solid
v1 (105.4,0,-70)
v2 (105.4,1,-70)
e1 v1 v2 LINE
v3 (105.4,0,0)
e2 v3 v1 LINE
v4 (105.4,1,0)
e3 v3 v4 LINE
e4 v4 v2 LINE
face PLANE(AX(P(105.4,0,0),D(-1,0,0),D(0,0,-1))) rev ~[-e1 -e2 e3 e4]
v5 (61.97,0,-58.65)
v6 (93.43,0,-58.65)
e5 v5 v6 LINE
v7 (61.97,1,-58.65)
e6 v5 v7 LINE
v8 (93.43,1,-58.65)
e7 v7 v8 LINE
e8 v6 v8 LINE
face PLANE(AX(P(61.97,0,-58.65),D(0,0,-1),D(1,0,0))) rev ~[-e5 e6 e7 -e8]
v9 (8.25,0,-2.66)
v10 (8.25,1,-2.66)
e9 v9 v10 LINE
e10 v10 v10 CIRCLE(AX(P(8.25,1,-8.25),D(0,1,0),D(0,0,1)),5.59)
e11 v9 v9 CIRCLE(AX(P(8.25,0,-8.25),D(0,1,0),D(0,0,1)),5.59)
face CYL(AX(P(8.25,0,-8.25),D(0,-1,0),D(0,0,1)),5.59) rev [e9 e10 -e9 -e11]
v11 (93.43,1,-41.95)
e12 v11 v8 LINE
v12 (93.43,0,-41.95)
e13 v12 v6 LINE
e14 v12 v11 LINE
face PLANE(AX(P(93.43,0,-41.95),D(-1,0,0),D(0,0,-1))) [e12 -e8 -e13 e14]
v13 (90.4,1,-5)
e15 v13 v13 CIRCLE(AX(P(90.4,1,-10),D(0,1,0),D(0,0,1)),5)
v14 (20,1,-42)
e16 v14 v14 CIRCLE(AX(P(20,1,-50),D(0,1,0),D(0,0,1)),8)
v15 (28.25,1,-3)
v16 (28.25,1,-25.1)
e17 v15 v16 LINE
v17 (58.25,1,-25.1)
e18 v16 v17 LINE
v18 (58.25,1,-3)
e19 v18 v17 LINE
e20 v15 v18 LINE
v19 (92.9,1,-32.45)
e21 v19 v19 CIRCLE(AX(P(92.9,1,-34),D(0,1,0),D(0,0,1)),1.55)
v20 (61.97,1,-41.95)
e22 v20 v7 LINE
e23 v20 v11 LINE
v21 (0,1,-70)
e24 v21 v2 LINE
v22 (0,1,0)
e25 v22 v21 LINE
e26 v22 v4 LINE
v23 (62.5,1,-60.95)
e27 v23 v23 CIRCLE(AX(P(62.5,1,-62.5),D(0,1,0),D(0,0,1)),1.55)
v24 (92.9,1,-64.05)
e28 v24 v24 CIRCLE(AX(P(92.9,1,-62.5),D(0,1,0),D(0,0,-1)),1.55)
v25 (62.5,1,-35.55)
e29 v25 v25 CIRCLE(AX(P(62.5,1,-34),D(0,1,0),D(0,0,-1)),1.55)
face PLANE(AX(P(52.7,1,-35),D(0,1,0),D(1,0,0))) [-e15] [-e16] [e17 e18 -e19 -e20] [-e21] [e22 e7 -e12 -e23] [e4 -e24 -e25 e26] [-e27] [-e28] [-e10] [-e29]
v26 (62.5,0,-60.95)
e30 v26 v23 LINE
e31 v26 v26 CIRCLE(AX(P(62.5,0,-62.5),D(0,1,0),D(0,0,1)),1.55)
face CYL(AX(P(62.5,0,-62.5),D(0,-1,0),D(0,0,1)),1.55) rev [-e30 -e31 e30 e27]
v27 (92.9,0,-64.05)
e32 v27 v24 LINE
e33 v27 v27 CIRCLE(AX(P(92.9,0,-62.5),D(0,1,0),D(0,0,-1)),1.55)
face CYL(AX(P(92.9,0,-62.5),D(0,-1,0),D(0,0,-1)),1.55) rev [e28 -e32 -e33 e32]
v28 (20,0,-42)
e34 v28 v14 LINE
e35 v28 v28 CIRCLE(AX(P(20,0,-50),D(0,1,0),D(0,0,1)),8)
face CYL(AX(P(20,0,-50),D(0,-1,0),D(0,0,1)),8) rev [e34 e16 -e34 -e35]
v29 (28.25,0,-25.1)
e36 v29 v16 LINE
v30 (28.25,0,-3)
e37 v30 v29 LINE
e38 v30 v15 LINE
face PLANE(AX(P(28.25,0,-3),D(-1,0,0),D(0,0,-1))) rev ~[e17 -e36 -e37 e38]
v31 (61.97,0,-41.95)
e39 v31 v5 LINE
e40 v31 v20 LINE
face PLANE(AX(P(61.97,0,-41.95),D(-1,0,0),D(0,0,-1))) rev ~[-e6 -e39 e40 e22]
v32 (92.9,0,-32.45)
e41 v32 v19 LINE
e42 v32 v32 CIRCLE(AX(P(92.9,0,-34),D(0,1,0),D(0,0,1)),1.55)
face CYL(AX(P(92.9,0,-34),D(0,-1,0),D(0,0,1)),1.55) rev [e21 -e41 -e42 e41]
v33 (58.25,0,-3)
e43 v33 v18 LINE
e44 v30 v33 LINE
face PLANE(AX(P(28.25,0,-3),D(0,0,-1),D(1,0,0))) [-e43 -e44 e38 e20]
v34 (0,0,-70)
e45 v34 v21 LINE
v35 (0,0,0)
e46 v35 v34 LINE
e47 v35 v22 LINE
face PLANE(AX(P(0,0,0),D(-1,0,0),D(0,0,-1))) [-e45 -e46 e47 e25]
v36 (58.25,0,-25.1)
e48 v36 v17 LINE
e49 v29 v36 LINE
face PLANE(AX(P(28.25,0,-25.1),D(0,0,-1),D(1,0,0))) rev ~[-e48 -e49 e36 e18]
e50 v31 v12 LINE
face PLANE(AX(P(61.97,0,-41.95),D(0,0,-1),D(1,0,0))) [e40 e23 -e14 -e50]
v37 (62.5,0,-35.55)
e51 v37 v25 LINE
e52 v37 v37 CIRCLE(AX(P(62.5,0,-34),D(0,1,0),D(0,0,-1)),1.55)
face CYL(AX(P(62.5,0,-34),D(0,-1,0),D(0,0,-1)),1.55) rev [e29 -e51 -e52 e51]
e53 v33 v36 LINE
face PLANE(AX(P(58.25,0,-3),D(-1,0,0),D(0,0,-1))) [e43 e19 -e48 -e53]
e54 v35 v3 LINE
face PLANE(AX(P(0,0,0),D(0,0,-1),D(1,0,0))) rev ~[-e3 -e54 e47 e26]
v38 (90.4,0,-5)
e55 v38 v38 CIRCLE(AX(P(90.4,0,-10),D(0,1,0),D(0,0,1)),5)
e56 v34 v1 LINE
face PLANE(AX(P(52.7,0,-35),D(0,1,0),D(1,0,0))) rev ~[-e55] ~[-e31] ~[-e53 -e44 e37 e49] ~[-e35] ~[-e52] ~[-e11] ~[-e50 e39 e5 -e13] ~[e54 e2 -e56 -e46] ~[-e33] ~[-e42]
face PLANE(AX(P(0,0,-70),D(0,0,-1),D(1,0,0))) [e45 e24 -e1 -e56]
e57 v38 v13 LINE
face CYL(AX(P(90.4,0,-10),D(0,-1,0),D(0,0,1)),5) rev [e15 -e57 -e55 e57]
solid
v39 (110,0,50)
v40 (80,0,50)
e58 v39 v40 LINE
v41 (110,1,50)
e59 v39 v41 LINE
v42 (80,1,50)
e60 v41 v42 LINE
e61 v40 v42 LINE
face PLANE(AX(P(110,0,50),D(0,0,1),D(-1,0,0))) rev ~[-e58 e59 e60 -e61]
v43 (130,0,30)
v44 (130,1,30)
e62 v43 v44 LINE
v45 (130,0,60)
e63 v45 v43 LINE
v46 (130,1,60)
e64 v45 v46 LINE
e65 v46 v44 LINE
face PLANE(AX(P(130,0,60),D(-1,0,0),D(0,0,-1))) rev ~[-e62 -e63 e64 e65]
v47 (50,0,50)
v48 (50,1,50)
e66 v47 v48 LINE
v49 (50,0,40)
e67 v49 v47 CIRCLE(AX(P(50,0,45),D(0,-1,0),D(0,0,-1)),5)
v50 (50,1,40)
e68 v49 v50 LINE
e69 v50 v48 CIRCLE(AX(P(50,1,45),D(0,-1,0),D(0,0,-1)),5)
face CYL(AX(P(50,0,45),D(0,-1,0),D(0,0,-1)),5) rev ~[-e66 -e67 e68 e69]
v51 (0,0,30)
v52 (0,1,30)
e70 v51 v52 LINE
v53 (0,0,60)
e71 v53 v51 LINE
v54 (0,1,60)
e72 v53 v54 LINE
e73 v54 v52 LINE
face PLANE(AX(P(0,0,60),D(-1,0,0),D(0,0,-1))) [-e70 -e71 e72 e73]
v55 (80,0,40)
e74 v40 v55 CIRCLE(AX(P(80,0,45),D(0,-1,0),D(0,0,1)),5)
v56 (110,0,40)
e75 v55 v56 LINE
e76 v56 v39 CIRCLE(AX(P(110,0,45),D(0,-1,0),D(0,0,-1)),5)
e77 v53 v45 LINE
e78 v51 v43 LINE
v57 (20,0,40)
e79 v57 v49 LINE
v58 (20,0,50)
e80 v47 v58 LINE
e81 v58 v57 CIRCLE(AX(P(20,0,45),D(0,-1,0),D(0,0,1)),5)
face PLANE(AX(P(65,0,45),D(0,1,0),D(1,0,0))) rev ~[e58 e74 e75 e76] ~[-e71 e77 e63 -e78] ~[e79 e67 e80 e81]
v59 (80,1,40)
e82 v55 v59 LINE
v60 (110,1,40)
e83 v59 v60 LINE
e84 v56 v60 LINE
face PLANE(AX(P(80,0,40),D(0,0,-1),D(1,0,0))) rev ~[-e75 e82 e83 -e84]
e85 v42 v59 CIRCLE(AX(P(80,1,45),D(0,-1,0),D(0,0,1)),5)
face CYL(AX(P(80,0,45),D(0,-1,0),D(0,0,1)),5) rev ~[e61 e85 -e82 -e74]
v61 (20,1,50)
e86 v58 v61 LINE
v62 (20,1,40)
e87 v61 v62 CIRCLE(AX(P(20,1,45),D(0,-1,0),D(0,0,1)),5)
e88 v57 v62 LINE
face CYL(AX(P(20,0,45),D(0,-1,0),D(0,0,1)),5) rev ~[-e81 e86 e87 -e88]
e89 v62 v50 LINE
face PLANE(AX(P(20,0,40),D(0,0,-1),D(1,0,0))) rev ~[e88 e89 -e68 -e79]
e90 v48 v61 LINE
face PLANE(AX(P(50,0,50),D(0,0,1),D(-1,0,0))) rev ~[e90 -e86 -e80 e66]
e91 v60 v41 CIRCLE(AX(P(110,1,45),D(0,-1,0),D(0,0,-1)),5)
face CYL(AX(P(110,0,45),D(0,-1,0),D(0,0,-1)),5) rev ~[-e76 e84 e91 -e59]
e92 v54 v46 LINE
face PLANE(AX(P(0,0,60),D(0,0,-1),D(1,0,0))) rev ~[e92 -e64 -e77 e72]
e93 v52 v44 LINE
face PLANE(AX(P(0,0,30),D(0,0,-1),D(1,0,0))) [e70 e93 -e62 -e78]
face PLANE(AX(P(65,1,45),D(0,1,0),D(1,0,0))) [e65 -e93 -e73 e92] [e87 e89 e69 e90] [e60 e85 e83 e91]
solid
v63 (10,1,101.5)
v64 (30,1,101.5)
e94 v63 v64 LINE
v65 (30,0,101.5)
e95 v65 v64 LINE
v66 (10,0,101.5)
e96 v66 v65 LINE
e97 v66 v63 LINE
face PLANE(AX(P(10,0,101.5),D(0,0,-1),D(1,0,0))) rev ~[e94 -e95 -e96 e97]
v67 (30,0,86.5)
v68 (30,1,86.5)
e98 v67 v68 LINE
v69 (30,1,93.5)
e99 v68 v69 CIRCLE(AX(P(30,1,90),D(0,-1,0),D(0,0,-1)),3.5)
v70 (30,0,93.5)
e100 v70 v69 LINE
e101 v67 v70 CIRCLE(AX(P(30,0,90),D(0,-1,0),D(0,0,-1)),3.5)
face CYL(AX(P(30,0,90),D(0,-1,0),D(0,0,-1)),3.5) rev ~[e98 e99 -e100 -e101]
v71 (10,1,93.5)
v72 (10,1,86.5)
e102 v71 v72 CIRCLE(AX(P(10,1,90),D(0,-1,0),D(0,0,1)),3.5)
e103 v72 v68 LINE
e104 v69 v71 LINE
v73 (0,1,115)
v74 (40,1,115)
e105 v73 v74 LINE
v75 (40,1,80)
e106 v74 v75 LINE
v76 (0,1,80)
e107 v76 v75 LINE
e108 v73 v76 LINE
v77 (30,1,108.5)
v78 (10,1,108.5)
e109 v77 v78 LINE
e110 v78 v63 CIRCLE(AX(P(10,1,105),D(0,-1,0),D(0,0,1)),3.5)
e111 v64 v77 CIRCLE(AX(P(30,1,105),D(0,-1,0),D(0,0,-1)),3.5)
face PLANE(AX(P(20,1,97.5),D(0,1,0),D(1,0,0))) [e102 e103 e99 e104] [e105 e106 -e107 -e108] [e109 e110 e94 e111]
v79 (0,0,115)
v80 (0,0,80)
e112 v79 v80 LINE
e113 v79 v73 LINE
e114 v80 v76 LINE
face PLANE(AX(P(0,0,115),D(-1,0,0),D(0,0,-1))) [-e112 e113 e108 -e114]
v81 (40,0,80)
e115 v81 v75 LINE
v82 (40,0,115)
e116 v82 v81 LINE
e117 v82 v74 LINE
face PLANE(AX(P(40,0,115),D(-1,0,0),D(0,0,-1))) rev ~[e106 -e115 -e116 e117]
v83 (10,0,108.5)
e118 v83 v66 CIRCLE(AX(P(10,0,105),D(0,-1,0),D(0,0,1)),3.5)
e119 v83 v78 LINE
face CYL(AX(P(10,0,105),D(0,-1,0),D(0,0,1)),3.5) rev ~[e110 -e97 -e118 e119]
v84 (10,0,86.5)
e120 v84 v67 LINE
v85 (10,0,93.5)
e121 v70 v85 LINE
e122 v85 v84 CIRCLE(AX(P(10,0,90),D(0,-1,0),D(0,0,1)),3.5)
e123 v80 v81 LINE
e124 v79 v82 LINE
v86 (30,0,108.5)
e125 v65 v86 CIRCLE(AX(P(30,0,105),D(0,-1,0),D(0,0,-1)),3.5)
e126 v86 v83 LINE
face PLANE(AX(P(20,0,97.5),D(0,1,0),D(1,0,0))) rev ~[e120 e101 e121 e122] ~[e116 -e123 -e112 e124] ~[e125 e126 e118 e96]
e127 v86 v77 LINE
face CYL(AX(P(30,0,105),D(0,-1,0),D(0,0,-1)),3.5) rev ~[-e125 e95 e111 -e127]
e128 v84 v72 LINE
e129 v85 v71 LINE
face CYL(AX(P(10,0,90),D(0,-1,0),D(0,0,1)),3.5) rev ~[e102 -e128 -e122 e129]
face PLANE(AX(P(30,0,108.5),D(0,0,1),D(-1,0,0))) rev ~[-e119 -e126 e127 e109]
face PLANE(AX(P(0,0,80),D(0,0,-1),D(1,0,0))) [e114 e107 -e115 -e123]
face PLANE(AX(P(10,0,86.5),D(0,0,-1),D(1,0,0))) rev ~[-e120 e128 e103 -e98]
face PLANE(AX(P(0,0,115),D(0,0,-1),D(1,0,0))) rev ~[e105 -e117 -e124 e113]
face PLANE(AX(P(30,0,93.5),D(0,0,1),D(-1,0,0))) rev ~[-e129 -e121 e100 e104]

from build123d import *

# Parameters (mm, degrees)
SKETCH1_W           = 105.4
SKETCH1_H           = 70
SKETCH1_R           = 5.59
SKETCH1_R_2         = 8
SKETCH1_R_3         = 5
SKETCH1_R_4         = 1.55
SKETCH1_W_2         = 31.46
SKETCH1_H_2         = 16.7
SKETCH1_W_3         = 30
SKETCH1_H_3         = 22.1
BOSS_EXTRUDE1_DEPTH = 1
SKETCH2_W           = 130
SKETCH2_H           = 30
BOSS_EXTRUDE2_DEPTH = 1
SKETCH3_W           = 40
SKETCH3_H           = 35
BOSS_EXTRUDE3_DEPTH = 1


with BuildPart() as part:
    # Sketch1 → Boss-Extrude1 (new body)
    with BuildSketch(Plane(origin=(0, 0, 0), x_dir=(1, 0, 0), z_dir=(0, 1, 0))):
        with Locations((52.7, 35)):
            Rectangle(SKETCH1_W, SKETCH1_H)
        with Locations(Location((8.25, 8.25, 0), (0, 0, 270))):
            Circle(SKETCH1_R, mode=Mode.SUBTRACT)
        with Locations(Location((20, 50, 0), (0, 0, 270))):
            Circle(SKETCH1_R_2, mode=Mode.SUBTRACT)
        with Locations(Location((90.4, 10, 0), (0, 0, 270))):
            Circle(SKETCH1_R_3, mode=Mode.SUBTRACT)
        with Locations(Location((62.5, 62.5, 0), (0, 0, 270))):
            Circle(SKETCH1_R_4, mode=Mode.SUBTRACT)
        with Locations(Location((92.9, 62.5, 0), (0, 0, 90))):
            Circle(SKETCH1_R_4, mode=Mode.SUBTRACT)
        with Locations(Location((92.9, 34, 0), (0, 0, 270))):
            Circle(SKETCH1_R_4, mode=Mode.SUBTRACT)
        with Locations(Location((62.5, 34, 0), (0, 0, 90))):
            Circle(SKETCH1_R_4, mode=Mode.SUBTRACT)
        with Locations((77.7, 50.3)):
            Rectangle(SKETCH1_W_2, SKETCH1_H_2, mode=Mode.SUBTRACT)
        with Locations((43.25, 14.05)):
            Rectangle(SKETCH1_W_3, SKETCH1_H_3, mode=Mode.SUBTRACT)
    extrude(amount=BOSS_EXTRUDE1_DEPTH)


with BuildPart() as body_2:
    # Sketch2 → Boss-Extrude2 (new body)
    with BuildSketch(Plane(origin=(0, 0, 0), x_dir=(1, 0, 0), z_dir=(0, 1, 0))):
        with Locations((65, -45)):
            Rectangle(SKETCH2_W, SKETCH2_H)
        with BuildLine():
            Line((20, -40), (50, -40))
            ThreePointArc((50, -40), (55, -45), (50, -50))
            Line((50, -50), (20, -50))
            ThreePointArc((20, -50), (15, -45), (20, -40))
        make_face(mode=Mode.SUBTRACT)
        with BuildLine():
            Line((80, -40), (110, -40))
            ThreePointArc((110, -40), (115, -45), (110, -50))
            Line((110, -50), (80, -50))
            ThreePointArc((80, -50), (75, -45), (80, -40))
        make_face(mode=Mode.SUBTRACT)
    extrude(amount=BOSS_EXTRUDE2_DEPTH)


with BuildPart() as body_3:
    # Sketch3 → Boss-Extrude3 (new body)
    with BuildSketch(Plane(origin=(0, 0, 0), x_dir=(1, 0, 0), z_dir=(0, 1, 0))):
        with Locations((20, -97.5)):
            Rectangle(SKETCH3_W, SKETCH3_H)
        with BuildLine():
            Line((10, -86.5), (30, -86.5))
            ThreePointArc((30, -86.5), (33.5, -90), (30, -93.5))
            Line((30, -93.5), (10, -93.5))
            ThreePointArc((10, -93.5), (6.5, -90), (10, -86.5))
        make_face(mode=Mode.SUBTRACT)
        with BuildLine():
            Line((10, -101.5), (30, -101.5))
            ThreePointArc((30, -101.5), (33.5, -105), (30, -108.5))
            Line((30, -108.5), (10, -108.5))
            ThreePointArc((10, -108.5), (6.5, -105), (10, -101.5))
        make_face(mode=Mode.SUBTRACT)
    extrude(amount=BOSS_EXTRUDE3_DEPTH)


solid = Compound([part.part, body_2.part, body_3.part])
